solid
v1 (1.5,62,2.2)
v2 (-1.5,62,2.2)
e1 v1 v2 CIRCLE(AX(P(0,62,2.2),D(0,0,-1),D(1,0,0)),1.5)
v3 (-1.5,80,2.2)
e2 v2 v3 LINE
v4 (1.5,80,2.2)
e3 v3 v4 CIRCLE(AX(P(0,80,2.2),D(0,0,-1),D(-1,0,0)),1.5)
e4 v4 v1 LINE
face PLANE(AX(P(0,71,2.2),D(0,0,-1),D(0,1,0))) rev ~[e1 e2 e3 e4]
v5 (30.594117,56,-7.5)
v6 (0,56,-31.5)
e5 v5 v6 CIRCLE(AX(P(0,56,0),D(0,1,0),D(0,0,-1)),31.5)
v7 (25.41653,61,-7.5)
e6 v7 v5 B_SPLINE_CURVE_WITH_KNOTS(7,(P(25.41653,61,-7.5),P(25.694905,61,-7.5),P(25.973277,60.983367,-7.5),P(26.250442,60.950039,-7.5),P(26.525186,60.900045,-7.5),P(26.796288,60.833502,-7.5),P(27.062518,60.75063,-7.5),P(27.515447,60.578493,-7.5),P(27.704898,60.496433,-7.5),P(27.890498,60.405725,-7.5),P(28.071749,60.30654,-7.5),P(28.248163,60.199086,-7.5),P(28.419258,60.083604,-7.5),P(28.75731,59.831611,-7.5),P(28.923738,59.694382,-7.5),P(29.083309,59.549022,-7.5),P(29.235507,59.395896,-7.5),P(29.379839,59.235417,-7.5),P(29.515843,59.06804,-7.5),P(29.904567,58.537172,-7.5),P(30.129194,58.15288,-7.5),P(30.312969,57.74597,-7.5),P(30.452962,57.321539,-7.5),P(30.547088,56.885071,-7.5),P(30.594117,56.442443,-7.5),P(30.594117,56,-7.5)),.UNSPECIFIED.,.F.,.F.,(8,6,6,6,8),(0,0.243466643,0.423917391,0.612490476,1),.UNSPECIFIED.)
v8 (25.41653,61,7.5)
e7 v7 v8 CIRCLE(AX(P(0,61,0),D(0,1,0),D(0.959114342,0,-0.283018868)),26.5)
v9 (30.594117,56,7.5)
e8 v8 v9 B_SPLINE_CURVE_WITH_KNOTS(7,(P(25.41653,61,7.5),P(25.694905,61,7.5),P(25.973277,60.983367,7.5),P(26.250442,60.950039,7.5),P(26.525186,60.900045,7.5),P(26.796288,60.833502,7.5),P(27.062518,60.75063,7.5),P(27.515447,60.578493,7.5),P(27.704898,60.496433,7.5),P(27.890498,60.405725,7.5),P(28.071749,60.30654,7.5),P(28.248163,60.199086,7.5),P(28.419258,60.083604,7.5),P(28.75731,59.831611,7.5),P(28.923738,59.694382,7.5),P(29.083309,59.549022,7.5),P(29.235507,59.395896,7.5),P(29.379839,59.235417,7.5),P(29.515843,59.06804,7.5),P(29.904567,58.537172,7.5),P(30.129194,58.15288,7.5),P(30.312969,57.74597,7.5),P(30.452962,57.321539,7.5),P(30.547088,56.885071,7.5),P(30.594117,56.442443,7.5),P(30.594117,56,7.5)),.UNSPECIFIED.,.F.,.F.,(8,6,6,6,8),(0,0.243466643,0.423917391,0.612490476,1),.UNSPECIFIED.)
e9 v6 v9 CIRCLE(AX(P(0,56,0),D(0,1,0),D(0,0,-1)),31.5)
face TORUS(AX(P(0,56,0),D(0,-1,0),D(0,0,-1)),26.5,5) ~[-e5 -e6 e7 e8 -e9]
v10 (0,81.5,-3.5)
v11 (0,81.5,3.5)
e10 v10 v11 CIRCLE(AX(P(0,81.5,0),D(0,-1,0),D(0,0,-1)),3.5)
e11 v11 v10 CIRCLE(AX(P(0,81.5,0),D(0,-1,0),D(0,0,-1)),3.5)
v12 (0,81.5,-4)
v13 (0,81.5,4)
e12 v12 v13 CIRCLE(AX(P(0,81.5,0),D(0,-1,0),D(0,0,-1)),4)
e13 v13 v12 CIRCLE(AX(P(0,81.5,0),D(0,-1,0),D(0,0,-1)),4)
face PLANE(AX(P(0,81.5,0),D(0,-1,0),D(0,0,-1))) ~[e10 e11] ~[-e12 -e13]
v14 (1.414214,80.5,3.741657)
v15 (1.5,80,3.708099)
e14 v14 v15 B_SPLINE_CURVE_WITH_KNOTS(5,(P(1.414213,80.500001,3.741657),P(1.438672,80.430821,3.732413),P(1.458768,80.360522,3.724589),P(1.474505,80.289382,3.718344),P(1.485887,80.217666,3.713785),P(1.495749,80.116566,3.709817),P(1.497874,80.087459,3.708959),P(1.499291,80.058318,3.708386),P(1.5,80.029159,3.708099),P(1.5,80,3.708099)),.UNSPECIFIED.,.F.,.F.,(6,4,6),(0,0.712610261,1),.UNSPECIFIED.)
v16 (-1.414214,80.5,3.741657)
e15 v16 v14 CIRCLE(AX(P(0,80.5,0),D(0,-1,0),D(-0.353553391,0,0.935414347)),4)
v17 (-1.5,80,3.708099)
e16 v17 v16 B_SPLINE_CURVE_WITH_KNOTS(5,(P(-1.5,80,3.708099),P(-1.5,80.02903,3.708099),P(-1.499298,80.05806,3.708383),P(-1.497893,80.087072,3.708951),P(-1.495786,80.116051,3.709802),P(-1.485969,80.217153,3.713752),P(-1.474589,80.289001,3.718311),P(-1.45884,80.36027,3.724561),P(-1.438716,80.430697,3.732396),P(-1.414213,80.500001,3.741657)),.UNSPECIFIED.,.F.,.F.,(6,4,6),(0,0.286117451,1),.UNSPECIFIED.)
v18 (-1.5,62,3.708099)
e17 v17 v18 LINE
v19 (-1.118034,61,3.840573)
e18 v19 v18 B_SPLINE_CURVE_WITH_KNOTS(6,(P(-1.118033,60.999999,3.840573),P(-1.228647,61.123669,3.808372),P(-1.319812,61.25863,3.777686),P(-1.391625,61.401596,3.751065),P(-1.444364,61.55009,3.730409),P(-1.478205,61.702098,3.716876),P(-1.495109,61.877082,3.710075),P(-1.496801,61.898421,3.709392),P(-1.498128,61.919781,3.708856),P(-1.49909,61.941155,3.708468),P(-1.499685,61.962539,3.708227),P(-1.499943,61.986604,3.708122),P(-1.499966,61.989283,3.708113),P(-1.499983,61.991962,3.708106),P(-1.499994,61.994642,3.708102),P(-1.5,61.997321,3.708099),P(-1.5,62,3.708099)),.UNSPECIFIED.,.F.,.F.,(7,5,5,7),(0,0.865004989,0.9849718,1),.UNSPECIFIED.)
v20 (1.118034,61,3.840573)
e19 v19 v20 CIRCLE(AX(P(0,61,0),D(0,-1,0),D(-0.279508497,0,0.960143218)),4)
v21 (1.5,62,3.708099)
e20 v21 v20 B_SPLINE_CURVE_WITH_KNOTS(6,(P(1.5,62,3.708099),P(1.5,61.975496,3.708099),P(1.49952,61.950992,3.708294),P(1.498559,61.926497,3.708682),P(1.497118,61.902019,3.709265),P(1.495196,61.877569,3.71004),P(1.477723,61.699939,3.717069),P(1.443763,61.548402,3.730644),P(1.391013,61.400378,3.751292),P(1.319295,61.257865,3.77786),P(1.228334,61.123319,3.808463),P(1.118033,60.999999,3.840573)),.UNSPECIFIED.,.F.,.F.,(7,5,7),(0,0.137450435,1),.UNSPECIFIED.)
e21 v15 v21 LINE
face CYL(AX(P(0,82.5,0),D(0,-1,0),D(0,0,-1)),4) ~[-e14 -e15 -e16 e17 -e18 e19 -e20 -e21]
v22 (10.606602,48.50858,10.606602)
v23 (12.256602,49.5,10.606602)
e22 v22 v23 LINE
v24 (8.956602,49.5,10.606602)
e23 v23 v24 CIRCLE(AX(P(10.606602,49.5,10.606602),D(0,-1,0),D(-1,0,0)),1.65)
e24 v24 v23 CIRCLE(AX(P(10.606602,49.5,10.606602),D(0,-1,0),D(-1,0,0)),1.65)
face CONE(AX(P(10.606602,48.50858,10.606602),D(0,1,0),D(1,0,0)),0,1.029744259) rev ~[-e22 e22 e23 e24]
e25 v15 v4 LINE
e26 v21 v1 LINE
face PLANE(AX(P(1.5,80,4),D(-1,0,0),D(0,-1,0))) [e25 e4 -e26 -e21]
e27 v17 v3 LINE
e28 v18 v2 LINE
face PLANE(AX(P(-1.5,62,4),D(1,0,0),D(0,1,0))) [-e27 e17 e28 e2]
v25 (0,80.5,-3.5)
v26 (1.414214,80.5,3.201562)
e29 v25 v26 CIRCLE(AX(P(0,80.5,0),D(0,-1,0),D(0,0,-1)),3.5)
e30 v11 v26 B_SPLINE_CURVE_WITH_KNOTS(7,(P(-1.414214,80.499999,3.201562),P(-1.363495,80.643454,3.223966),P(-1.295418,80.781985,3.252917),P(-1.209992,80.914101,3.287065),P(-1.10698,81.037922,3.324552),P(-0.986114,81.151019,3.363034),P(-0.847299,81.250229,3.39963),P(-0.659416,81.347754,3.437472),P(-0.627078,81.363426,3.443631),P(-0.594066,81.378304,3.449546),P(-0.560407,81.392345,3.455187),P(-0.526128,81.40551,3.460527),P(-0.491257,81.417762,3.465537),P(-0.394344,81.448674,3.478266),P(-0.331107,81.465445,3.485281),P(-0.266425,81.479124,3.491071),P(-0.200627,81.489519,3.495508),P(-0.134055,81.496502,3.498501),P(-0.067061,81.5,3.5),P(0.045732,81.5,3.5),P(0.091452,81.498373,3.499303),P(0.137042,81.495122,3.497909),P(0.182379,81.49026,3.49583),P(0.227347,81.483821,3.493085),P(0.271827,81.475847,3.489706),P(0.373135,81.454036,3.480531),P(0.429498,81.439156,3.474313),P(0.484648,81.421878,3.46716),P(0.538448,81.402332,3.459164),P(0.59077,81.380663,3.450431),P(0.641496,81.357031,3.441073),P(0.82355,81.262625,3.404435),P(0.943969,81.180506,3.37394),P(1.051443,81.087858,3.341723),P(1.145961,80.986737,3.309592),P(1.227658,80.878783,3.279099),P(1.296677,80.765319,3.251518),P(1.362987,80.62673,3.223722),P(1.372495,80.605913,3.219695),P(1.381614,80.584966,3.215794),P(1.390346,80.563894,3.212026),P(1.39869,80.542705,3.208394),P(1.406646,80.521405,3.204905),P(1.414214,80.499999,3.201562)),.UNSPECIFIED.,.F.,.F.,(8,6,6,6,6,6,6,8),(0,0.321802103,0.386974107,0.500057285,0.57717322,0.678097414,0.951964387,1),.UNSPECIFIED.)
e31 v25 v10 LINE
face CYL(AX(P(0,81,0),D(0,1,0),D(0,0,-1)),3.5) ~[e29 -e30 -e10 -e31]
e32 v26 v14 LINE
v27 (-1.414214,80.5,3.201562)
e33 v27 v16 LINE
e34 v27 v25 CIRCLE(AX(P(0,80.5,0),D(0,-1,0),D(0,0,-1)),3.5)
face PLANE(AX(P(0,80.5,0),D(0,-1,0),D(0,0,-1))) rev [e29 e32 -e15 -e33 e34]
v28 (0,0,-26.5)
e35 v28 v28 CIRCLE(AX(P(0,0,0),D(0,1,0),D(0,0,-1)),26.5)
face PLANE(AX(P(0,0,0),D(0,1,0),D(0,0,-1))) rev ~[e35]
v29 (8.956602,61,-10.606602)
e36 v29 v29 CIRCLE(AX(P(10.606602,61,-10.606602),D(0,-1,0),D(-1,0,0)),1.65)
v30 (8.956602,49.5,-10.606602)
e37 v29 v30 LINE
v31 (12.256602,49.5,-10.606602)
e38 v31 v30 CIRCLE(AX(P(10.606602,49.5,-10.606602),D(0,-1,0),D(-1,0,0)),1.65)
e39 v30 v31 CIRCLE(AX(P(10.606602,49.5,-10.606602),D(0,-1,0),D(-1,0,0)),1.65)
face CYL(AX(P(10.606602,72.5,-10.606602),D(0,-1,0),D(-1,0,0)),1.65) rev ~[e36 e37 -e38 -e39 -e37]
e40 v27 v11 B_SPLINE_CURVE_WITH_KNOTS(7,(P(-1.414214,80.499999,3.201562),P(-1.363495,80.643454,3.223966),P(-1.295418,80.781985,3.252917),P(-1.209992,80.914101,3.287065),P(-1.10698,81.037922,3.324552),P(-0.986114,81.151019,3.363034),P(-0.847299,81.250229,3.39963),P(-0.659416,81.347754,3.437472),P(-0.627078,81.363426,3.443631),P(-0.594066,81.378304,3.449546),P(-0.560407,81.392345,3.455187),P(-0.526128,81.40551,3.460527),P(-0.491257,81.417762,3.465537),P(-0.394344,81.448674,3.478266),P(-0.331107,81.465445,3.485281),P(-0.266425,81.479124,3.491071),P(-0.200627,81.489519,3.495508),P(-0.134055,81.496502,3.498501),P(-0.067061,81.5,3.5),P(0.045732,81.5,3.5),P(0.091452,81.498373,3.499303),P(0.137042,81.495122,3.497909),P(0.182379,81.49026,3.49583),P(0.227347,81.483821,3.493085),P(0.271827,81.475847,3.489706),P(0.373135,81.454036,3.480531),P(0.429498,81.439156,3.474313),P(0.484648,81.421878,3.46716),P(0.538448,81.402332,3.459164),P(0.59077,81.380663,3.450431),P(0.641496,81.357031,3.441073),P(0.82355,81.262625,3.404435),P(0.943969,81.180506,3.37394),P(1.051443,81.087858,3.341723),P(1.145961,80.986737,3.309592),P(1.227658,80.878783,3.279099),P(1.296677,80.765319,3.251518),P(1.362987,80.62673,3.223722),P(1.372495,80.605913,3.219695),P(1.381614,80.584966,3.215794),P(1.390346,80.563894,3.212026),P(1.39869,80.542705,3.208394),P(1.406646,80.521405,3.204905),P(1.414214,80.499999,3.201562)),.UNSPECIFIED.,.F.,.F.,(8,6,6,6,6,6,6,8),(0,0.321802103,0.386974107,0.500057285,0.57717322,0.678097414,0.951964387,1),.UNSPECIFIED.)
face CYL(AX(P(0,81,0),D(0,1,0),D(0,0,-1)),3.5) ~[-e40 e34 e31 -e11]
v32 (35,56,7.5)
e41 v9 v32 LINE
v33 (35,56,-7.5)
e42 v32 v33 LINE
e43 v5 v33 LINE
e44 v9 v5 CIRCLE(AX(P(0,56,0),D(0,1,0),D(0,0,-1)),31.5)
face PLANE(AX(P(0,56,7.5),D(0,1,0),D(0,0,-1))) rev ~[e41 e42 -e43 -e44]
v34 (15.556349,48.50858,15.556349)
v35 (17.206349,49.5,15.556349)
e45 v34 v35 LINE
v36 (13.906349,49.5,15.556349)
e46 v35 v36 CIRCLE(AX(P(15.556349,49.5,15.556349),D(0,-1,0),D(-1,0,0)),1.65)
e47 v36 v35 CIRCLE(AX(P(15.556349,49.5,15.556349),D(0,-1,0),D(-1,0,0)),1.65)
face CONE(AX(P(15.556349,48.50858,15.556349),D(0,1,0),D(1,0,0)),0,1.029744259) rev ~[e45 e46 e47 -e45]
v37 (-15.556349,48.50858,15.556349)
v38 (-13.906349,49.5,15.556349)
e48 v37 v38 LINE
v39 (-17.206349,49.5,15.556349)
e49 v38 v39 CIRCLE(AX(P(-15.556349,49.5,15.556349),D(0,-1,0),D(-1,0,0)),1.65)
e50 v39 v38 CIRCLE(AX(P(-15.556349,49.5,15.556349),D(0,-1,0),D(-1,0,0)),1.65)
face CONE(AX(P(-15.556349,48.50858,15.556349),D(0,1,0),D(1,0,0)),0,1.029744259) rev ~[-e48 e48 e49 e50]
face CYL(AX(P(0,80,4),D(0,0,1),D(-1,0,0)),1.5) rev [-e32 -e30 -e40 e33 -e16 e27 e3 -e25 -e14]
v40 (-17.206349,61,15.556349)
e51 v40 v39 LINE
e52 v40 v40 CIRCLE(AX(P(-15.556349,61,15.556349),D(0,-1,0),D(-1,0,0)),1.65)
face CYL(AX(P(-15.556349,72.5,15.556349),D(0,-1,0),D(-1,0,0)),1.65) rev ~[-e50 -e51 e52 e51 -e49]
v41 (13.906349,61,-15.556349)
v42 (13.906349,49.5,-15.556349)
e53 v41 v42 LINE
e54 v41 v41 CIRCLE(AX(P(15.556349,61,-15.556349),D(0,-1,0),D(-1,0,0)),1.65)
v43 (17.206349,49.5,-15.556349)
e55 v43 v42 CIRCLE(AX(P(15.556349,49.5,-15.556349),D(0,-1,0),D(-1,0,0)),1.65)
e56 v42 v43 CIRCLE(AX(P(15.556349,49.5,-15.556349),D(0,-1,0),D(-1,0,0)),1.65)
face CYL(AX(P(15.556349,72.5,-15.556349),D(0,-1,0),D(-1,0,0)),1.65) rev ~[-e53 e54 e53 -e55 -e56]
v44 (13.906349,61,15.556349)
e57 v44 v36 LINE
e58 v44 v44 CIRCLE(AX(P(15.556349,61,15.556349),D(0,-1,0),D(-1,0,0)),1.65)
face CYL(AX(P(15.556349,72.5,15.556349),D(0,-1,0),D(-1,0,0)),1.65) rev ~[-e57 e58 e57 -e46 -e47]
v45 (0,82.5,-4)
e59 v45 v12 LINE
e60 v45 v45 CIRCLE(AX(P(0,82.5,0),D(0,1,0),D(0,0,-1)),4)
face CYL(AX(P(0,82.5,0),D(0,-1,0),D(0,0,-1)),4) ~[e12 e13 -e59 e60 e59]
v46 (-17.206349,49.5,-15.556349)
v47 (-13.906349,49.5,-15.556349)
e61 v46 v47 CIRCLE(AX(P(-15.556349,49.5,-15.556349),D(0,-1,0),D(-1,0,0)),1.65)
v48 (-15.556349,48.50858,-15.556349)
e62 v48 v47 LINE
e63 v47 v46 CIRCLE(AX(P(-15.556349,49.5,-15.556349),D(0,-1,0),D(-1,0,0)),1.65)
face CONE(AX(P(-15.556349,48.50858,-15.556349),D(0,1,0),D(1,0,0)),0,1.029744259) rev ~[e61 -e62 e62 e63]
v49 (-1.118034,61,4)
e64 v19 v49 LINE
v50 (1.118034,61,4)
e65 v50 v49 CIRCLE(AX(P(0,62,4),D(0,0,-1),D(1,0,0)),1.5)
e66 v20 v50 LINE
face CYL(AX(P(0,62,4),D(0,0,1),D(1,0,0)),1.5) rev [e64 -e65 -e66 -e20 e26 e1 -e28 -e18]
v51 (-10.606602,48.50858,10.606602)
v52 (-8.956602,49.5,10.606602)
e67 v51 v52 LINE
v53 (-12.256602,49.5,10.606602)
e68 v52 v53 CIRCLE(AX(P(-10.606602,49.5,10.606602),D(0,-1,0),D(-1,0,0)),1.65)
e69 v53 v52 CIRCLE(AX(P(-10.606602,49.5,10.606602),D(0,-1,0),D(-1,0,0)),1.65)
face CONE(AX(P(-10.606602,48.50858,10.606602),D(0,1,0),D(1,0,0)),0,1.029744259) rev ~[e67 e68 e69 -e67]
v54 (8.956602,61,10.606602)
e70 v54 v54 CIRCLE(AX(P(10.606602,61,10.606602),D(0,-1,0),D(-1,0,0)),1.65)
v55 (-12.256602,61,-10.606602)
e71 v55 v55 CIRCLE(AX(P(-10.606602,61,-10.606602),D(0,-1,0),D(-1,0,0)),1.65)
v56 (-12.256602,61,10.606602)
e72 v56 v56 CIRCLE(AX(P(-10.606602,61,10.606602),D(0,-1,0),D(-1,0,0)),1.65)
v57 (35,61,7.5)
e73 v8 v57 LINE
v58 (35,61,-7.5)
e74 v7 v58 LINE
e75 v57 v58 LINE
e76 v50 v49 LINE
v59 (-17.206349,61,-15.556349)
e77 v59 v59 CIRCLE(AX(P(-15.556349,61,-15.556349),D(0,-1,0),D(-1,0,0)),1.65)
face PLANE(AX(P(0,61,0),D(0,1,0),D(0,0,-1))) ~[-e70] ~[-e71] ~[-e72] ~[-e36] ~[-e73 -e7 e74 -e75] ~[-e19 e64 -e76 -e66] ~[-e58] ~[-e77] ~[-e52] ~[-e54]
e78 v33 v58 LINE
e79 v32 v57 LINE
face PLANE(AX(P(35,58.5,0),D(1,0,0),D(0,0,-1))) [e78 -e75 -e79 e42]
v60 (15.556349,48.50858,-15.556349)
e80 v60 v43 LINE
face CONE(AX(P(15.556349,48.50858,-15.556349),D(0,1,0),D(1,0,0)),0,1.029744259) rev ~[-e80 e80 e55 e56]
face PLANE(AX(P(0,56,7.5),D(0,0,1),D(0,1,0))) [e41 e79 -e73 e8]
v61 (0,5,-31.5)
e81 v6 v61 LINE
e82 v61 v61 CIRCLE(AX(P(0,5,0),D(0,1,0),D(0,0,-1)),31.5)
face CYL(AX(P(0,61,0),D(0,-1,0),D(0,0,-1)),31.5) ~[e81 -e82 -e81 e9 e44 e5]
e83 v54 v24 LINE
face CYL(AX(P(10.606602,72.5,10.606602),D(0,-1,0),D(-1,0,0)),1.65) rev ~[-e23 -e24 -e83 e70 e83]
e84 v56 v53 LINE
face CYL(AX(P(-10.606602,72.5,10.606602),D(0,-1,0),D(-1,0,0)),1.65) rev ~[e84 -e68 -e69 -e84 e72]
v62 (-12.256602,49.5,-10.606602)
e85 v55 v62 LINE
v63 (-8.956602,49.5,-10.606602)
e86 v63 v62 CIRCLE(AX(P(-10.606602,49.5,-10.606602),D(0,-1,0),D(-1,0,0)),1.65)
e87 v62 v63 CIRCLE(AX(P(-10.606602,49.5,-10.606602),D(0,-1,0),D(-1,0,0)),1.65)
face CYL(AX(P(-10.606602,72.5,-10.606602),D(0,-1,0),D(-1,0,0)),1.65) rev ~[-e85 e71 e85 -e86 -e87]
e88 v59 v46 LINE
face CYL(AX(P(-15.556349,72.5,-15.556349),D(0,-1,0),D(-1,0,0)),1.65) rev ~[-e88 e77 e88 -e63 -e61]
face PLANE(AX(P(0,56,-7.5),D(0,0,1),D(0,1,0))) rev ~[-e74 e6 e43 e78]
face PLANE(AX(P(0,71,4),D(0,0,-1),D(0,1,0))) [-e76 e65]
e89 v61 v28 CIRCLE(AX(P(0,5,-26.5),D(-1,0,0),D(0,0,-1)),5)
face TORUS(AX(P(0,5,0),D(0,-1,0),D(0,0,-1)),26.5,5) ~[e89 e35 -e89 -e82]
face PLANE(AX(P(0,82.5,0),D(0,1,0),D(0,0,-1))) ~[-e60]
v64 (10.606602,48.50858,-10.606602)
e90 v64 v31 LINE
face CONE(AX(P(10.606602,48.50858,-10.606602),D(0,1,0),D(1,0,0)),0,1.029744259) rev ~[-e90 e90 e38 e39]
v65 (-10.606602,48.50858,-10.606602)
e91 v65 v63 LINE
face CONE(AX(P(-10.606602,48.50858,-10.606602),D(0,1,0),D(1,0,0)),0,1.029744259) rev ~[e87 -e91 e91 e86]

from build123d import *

# Parameters (mm, degrees)
FILLET_1_R         = 5
SKETCH_3_W         = 15
SKETCH_3_H         = 5
EXTRUDE_1_DEPTH    = 35
M4X0_7_1_D         = 3.3
M4X0_7_1_DEPTH     = 11.5
M4X0_7_1_TIP       = 0.991420021
SKETCH_6_W         = 0.5
SKETCH_6_H         = 1
CUT_EXTRUDE1_DEPTH = 1.8


with BuildPart() as part:
    # 스케치1 → 회전1 (revolve)
    with BuildSketch(Plane.XY, mode=Mode.PRIVATE) as revolve_1_sk:
        Polygon((0, 82.5), (4, 82.5), (4, 61), (31.5, 61), (31.5, 0), (0, 0), align=None)
    revolve(revolve_1_sk.sketch.rotate(Axis((0, 0, 0), (0, 1, 0)), 90), axis=Axis((0, 0, 0), (0, 1, 0)))

    # 필렛1
    fillet_1_edges = [part.edges().sort_by_distance(p)[0] for p in [
        (0, 0, 31.5),
        (0, 61, 31.5),
    ]]
    fillet(fillet_1_edges, radius=FILLET_1_R)

    # 스케치3 → 보스-돌출1 (add)
    with BuildSketch(Plane(origin=(0, 0, 0), x_dir=(0, 0, -1), z_dir=(1, 0, 0))):
        with Locations((0, 58.5)):
            Rectangle(SKETCH_3_W, SKETCH_3_H)
    extrude(amount=EXTRUDE_1_DEPTH)

    # M4x0.7 나사 구멍1
    with Locations(Plane(origin=(0, 61, 0), x_dir=(1, 0, 0), z_dir=(0, 1, 0))):
        with Locations((10.606601718, 10.606601718), (15.556349186, 15.556349186), (10.606601718, -10.606601718), (15.556349186, -15.556349186), (-10.606601718, -10.606601718), (-15.556349186, -15.556349186), (-10.606601718, 10.606601718), (-15.556349186, 15.556349186)):
            Hole(M4X0_7_1_D / 2, depth=M4X0_7_1_DEPTH)
            with Locations((0, 0, -(M4X0_7_1_DEPTH + M4X0_7_1_TIP / 2))):  # 118° drill point
                Cone(0, M4X0_7_1_D / 2, M4X0_7_1_TIP, mode=Mode.SUBTRACT)

    # 스케치6 → 컷-회전1 (revolve, cut)
    with BuildSketch(Plane(origin=(0, 0, 0), x_dir=(0, 0, -1), z_dir=(1, 0, 0))):
        with Locations((3.75, 81)):
            Rectangle(SKETCH_6_W, SKETCH_6_H)
    revolve(axis=Axis((0, 82.5, 0), (0, -1, 0)), mode=Mode.SUBTRACT)

    # Sketch3 → Cut-Extrude1 (cut)
    with BuildSketch(Plane(origin=(2.845698698, 82.5, 4), x_dir=(0, 1, 0), z_dir=(0, 0, -1))):
        with BuildLine():
            Line((-2.5, -1.345698698), (-20.5, -1.345698698))
            ThreePointArc((-20.5, -1.345698698), (-22, -2.845698698), (-20.5, -4.345698698))
            Line((-20.5, -4.345698698), (-2.5, -4.345698698))
            ThreePointArc((-2.5, -4.345698698), (-1, -2.845698698), (-2.5, -1.345698698))
        make_face()
    extrude(amount=CUT_EXTRUDE1_DEPTH, mode=Mode.SUBTRACT)


solid = part.part
